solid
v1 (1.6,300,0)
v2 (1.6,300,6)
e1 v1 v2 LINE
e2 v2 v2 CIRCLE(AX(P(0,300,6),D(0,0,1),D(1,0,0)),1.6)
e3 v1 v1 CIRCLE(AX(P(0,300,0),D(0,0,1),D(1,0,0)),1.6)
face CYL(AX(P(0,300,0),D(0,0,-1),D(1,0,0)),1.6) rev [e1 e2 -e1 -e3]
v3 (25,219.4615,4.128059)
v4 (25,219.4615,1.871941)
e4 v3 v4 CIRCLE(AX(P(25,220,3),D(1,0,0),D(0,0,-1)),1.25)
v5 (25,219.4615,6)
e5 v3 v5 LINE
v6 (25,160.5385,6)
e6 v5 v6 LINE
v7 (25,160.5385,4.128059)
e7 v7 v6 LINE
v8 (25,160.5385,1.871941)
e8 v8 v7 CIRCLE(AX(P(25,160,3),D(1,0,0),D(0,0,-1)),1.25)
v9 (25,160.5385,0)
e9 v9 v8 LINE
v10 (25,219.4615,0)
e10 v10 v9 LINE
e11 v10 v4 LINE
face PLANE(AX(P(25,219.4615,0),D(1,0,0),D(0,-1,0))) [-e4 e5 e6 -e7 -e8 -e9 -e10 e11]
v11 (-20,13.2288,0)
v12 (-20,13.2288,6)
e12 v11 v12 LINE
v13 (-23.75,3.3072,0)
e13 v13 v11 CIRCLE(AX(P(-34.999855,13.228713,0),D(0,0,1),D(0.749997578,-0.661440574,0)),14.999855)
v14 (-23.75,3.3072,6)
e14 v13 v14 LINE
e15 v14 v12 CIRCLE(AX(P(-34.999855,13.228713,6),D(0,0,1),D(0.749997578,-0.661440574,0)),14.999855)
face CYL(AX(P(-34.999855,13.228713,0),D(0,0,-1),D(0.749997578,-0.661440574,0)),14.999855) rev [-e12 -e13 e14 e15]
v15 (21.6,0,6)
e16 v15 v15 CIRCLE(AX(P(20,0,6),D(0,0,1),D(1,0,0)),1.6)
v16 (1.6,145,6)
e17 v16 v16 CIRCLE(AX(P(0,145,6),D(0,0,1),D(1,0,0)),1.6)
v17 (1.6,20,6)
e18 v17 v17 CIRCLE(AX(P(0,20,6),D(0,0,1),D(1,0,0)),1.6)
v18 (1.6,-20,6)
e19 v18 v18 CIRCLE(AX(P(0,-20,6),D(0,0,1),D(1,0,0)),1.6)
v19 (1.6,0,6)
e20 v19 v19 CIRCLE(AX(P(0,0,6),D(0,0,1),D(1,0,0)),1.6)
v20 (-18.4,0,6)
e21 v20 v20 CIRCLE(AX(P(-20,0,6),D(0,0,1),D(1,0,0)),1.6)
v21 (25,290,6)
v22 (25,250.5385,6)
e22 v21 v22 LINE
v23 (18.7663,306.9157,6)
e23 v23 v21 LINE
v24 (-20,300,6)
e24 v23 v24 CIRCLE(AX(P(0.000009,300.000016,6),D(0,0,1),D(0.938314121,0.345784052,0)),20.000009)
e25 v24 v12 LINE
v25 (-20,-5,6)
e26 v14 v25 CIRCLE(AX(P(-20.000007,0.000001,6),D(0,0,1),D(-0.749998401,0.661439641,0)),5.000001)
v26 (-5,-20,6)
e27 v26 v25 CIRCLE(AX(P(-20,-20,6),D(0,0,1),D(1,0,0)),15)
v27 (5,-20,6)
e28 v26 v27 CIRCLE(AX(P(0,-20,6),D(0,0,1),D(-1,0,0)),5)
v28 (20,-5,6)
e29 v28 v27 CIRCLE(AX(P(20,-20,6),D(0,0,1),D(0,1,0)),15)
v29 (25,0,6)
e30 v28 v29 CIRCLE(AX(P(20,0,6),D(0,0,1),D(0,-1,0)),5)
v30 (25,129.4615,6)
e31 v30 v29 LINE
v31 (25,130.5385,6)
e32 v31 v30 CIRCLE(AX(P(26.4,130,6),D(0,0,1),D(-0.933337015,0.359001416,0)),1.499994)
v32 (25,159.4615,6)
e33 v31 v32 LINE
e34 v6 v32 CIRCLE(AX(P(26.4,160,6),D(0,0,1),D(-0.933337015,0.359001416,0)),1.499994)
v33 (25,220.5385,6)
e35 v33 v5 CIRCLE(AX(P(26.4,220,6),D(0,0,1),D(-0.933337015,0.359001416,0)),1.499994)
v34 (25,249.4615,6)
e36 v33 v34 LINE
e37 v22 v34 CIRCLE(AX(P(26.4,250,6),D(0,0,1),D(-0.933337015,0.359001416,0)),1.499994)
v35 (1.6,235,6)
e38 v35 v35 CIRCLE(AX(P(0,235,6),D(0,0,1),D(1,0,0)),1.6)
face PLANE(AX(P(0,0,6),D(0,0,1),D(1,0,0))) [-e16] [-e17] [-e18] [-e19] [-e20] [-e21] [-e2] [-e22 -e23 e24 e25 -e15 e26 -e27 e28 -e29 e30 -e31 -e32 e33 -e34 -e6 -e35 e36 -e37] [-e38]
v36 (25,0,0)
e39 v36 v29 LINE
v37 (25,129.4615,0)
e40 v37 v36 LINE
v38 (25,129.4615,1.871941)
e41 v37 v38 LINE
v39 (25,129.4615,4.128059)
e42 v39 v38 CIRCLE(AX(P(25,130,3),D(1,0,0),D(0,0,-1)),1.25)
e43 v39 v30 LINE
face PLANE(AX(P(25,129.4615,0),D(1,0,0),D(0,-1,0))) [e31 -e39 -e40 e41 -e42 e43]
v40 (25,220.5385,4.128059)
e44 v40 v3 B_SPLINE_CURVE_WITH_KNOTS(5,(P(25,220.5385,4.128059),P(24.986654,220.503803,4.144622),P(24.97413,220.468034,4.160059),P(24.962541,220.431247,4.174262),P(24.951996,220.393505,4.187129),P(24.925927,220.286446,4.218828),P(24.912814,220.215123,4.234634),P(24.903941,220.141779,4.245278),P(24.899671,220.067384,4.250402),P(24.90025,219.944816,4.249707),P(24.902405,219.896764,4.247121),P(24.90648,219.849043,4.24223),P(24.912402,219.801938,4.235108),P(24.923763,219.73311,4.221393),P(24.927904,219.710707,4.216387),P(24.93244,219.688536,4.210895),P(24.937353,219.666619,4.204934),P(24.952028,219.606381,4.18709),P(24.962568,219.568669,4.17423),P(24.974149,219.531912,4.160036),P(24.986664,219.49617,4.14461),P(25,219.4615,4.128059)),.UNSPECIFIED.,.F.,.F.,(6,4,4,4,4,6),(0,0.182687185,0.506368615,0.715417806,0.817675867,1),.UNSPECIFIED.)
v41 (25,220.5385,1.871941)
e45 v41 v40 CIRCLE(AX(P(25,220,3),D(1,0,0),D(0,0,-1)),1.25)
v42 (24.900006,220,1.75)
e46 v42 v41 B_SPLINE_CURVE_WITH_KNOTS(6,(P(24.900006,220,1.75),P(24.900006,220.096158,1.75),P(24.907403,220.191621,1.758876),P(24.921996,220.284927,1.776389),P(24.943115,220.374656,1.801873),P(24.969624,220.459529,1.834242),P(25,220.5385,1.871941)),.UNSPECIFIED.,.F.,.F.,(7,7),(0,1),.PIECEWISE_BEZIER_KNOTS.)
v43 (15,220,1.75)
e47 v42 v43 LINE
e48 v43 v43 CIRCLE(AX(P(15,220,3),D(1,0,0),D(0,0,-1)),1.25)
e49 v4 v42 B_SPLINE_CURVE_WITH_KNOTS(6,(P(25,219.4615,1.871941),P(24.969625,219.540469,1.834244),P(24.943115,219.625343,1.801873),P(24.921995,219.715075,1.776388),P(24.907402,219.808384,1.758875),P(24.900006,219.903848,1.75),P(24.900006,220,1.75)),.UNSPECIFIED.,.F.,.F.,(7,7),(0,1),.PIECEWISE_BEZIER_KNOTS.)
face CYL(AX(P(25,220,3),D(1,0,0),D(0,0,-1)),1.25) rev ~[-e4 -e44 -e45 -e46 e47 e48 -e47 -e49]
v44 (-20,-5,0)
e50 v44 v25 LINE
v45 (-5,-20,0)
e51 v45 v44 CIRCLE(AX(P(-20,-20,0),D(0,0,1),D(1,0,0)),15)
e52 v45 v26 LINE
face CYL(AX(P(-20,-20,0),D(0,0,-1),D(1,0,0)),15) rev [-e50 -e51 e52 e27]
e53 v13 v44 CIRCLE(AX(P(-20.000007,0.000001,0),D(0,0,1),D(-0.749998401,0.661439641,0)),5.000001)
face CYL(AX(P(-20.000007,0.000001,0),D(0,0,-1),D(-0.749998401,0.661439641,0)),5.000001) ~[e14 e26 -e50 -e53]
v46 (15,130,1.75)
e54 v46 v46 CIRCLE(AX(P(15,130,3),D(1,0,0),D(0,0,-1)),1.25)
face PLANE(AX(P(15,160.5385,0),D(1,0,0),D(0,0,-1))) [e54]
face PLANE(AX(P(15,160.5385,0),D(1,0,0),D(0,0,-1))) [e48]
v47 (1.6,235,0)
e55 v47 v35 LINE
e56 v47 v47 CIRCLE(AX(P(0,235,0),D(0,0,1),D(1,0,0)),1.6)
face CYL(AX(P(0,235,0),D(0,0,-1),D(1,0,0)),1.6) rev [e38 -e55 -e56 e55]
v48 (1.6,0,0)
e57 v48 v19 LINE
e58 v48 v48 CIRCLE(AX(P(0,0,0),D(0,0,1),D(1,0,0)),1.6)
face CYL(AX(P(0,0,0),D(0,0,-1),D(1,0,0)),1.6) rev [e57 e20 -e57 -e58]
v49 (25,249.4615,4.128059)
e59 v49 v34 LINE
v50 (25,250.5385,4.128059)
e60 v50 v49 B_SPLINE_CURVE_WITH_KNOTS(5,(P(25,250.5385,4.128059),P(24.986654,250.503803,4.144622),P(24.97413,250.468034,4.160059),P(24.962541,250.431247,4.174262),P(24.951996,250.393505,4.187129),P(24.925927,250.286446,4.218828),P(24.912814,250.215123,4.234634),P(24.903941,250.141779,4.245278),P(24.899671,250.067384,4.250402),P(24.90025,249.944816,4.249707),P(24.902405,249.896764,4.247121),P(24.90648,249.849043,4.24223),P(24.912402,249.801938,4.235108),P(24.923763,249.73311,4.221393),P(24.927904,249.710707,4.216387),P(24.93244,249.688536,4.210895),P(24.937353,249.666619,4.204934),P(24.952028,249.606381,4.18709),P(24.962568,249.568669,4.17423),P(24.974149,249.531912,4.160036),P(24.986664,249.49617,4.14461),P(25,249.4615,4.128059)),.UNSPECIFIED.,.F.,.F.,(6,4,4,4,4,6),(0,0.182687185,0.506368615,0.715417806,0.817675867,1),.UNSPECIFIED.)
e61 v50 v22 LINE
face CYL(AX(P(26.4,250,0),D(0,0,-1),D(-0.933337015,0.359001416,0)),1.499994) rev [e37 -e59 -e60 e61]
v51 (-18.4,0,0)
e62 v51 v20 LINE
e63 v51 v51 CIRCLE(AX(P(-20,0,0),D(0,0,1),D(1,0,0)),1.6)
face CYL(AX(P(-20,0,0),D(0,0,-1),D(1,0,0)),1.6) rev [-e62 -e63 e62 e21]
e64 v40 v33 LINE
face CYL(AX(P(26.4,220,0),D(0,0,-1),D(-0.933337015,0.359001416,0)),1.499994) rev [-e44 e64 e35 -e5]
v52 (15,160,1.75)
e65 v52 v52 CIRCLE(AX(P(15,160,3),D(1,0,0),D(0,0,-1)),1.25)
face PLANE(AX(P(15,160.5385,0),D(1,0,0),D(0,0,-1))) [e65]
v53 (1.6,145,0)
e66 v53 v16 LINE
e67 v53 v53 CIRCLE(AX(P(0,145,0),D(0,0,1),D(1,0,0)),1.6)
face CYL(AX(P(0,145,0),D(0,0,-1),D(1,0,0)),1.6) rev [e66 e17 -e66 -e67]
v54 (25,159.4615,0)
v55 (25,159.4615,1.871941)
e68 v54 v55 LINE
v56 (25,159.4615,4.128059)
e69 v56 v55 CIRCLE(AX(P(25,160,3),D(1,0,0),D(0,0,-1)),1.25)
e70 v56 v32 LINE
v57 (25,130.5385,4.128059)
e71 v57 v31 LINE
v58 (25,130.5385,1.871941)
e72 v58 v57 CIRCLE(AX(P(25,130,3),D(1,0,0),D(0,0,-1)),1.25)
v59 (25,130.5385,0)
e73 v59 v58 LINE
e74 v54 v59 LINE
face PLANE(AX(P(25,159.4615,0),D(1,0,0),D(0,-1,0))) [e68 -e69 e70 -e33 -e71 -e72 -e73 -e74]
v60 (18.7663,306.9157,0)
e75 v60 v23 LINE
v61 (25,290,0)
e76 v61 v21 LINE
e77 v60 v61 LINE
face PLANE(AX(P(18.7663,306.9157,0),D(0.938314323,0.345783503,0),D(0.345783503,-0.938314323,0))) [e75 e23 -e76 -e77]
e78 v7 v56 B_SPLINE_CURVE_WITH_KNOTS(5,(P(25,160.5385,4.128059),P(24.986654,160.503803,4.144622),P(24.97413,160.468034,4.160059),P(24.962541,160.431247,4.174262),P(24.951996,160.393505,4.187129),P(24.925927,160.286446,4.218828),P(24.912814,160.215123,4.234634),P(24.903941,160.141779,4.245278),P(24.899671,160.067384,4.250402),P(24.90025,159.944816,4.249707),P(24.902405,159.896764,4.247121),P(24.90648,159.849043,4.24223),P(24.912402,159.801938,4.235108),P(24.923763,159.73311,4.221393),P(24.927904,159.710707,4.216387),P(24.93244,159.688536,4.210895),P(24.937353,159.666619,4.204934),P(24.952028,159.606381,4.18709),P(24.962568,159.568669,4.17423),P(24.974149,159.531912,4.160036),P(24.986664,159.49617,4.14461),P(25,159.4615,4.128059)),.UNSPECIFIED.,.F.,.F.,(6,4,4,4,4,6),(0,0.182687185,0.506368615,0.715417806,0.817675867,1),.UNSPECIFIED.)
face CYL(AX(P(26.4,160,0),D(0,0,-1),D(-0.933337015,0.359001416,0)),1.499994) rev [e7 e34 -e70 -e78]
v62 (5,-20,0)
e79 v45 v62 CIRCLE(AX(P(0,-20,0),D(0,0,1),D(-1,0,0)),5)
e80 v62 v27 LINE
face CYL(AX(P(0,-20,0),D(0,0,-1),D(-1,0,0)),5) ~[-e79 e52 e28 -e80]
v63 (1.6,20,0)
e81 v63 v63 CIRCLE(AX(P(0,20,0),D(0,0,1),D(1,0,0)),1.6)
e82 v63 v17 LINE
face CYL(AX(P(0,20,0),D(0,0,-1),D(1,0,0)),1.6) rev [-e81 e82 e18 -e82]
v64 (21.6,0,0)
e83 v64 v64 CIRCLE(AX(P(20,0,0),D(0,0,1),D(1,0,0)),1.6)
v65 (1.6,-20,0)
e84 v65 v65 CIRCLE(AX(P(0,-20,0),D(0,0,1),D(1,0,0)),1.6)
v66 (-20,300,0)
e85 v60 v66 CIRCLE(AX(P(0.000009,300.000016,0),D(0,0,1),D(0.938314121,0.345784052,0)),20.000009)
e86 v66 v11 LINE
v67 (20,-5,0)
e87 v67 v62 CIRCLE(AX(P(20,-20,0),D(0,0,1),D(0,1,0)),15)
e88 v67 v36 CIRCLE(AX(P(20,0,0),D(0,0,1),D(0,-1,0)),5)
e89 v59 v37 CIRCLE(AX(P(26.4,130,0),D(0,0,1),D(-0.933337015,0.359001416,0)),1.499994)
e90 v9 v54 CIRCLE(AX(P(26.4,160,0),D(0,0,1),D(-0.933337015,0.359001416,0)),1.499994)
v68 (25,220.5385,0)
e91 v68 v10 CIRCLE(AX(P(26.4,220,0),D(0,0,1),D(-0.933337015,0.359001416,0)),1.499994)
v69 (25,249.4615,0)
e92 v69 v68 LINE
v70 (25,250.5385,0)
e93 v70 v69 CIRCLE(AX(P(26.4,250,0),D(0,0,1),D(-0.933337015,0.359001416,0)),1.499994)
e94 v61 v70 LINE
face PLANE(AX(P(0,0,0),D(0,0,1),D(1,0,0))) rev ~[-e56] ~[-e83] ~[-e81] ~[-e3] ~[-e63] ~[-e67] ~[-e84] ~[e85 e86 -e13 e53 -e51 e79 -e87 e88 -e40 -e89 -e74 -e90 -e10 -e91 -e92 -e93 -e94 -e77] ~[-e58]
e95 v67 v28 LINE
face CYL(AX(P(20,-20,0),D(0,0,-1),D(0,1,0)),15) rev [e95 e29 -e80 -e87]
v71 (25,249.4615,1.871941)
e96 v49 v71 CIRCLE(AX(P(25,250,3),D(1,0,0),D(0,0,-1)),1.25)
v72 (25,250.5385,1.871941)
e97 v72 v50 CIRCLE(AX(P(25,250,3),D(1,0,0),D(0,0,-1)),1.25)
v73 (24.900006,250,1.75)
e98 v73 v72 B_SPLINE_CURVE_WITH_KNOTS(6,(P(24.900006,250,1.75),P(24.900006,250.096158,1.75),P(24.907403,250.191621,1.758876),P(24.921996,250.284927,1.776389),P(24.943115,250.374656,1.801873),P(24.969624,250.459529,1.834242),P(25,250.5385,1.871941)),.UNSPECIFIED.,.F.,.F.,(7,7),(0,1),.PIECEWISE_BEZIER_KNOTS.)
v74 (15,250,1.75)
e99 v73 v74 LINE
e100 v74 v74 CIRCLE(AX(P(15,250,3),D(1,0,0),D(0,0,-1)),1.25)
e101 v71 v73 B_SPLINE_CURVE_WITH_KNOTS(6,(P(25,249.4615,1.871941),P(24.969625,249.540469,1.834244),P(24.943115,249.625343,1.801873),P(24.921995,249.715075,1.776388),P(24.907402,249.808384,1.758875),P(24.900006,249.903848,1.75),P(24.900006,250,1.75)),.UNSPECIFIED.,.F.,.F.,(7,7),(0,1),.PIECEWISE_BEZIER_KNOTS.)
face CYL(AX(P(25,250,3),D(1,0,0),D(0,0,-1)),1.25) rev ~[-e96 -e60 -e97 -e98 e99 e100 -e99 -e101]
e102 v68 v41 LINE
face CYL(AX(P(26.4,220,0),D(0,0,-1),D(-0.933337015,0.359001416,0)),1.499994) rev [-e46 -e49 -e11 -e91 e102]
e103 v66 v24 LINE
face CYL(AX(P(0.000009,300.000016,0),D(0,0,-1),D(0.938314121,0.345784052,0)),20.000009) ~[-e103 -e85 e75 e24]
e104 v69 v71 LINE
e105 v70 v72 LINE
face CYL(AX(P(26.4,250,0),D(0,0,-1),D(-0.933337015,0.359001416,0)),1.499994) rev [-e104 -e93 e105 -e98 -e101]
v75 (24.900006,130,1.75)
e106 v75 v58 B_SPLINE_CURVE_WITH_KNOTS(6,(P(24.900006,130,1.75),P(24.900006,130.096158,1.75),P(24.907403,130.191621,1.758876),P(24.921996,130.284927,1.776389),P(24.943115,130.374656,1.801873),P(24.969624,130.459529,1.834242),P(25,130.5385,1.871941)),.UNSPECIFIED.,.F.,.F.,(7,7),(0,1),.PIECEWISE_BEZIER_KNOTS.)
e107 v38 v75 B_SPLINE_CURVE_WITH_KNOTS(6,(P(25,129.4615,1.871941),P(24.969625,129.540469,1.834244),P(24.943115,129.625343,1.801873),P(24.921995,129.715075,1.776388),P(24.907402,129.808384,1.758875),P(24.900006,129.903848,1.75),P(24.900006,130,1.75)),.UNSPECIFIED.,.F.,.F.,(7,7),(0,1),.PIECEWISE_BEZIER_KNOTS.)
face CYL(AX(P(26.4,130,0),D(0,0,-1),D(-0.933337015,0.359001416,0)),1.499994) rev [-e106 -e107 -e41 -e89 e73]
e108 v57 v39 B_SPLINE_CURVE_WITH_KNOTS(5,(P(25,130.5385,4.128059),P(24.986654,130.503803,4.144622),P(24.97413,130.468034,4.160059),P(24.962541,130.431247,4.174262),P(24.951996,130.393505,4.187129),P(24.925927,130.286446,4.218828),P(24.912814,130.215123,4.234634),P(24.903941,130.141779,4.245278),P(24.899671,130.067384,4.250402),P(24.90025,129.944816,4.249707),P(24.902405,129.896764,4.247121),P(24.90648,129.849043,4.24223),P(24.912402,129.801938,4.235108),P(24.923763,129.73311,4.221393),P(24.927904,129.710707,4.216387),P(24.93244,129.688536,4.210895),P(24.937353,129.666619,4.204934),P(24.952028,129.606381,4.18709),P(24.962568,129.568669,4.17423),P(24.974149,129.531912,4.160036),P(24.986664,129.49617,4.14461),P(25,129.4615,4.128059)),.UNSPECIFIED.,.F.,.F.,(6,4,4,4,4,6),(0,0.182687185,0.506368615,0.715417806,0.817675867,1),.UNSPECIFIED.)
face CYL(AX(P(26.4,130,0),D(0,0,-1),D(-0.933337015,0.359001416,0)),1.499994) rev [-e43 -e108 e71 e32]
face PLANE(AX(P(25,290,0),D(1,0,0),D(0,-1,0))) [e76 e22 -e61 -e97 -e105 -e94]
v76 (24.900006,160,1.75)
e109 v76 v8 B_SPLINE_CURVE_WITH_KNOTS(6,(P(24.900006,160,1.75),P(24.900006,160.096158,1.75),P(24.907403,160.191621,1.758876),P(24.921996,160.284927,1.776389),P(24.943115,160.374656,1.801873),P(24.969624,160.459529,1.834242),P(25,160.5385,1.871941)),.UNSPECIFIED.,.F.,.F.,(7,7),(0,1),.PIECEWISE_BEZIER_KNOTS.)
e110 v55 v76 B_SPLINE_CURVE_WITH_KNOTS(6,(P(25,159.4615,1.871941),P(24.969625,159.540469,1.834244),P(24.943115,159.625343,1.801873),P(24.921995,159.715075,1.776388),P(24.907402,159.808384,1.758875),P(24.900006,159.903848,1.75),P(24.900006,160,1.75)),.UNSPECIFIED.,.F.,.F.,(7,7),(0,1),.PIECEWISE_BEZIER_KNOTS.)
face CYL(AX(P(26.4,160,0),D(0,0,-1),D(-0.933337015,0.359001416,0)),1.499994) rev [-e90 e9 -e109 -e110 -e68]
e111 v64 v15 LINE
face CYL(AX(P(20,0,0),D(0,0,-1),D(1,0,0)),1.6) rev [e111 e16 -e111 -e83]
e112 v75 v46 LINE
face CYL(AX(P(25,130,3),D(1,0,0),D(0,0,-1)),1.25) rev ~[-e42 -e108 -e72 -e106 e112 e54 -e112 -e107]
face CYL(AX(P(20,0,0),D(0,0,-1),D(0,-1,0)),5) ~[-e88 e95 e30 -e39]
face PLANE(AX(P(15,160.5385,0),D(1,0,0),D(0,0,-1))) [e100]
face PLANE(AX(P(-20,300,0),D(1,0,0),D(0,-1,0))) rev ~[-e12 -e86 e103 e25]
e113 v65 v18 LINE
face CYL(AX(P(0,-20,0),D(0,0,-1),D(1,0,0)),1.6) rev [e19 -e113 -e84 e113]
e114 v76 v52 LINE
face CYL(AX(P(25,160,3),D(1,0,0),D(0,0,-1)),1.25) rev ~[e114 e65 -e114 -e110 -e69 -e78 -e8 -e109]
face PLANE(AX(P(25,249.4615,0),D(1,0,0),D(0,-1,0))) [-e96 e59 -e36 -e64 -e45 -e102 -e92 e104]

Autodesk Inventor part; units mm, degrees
ref_plane "YZ Plane" through (0, 0, 0) normal (1, 0, 0) x (0, 1, 0)
ref_plane "XZ Plane" through (0, 0, 0) normal (0, 1, 0) x (-1, 0, 0)
ref_plane "XY Plane" through (0, 0, 0) normal (0, 0, 1) x (1, 0, 0)
sketch "スケッチ1" plane through (0, 0, 0) normal (0, 0, 1) x (1, 0, 0)
  circle A0 centre (0, 0) radius 1.6
  circle A1 centre (0, 0) radius 20 construction
  circle A2 centre (0, 20) radius 1.6
  circle A3 centre (-20, 0) radius 1.6
  circle A4 centre (0, -20) radius 1.6
  circle A5 centre (20, 0) radius 1.6
  circle A6 centre (0, 300) radius 1.6
  arc A7 (18.7663, 306.9157) -> (-20, 300) centre (0, 300) ccw
  line L0 (-20, 300) -> (-20, 13.2288)
  arc A8 (-23.75, 3.3072) -> (-20, -5) centre (-20, 0) ccw
  arc A9 (-5, -20) -> (5, -20) centre (0, -20) ccw
  arc A10 (20, -5) -> (25, 0) centre (20, 0) ccw
  arc A11 (-23.75, 3.3072) -> (-20, 13.2288) centre (-35, 13.2288) ccw
  arc A12 (-5, -20) -> (-20, -5) centre (-20, -20) ccw
  arc A13 (20, -5) -> (5, -20) centre (20, -20) ccw
  line L1 (18.7663, 306.9157) -> (25, 290)
  line L2 (25, 290) -> (25, 250.5385)
  line L3 (25, 227) -> (25, 220.5385)
  line L4 (25, 137) -> (25, 130.5385)
  circle A14 centre (0, 235) radius 1.6
  circle A15 centre (0, 145) radius 1.6
  arc A16 (25, 250.5385) -> (25, 249.4615) centre (26.4, 250) ccw
  arc A17 (25, 220.5385) -> (25, 219.4615) centre (26.4, 220) ccw
  arc A18 (25, 160.5385) -> (25, 159.4615) centre (26.4, 160) ccw
  arc A19 (25, 130.5385) -> (25, 129.4615) centre (26.4, 130) ccw
  arc A20 (25, 249.4615) -> (25, 250.5385) centre (26.4, 250) ccw construction
  line L5 (25, 249.4615) -> (25, 220.5385)
  line L6 (25, 250.5385) -> (25, 249.4615) construction
  arc A21 (25, 219.4615) -> (25, 220.5385) centre (26.4, 220) ccw construction
  line L7 (25, 220.5385) -> (25, 219.4615) construction
  line L8 (25, 219.4615) -> (25, 160.5385)
  line L9 (25, 159.4615) -> (25, 130.5385)
  line L10 (25, 160.5385) -> (25, 159.4615) construction
  arc A22 (25, 159.4615) -> (25, 160.5385) centre (26.4, 160) ccw construction
  arc A23 (25, 129.4615) -> (25, 130.5385) centre (26.4, 130) ccw construction
  line L11 (25, 129.4615) -> (25, 0)
  line L12 (25, 130.5385) -> (25, 129.4615) construction
  circle A24 centre (0, 300) radius 25 construction
  circle A25 centre (0, 0) radius 13 construction
  line L13 (-24.98, 299) -> (-12.9896, -0.52) construction
  line L14 (12.9896, -0.52) -> (24.98, 299) construction
  dimension "d0" = 3.2
  dimension "d1" = 40
  dimension "d2" = 3.2
  dimension "d3" = 3.2
  dimension "d4" = 3.2
  dimension "d5" = 3.2
  dimension "d6" = 3.2
  dimension "d7" = 300
  dimension "d8" = 20
  dimension "d9" = 5
  dimension "d10" = 5
  dimension "d11" = 5
  dimension "d12" = 15
  dimension "d14" = 15
  dimension "d15" = 15
  dimension "d26" = 10
  dimension "d29" = 3.2
  dimension "d30" = 3.2
  dimension "d31" = 90
  dimension "d34" = 3
  dimension "d35" = 3
  dimension "d36" = 3
  dimension "d37" = 3
  dimension "d40" = 1.4
  dimension "d41" = 1.4
  dimension "d42" = 1.4
  dimension "d45" = 1.4
  dimension "d57" = 30
  dimension "d58" = 50
  dimension "d59" = 60
  dimension "d60" = 30
  dimension "d61" = 15
  dimension "d62" = 50
  dimension "d63" = 26
extrude "押し出し2" add sketch "スケッチ1" along normal blind 6
sketch "スケッチ2" plane through (25, 160.5385, 0) normal (1, 0, 0) x (0, 0, -1)
  circle A0 centre (-3, -0.5385) radius 1.25
  circle A1 centre (-3, -30.5385) radius 1.25
  circle A2 centre (-3, 59.4615) radius 1.25
  circle A3 centre (-3, 89.4615) radius 1.25
  line L0 (0, 60) -> (0, 88.923) projected
  line L1 (0, 79.4615) -> (-6, 79.4615) projected
  line L2 (0, 69.4615) -> (-6, 69.4615) projected
  line L3 (0, -10.5385) -> (-6, -10.5385) projected
  line L4 (0, -20.5385) -> (-6, -20.5385) projected
  point P0 (0, -160.5385)
  dimension "d46" = 2.5
  dimension "d47" = 2.5
  dimension "d48" = 2.5
  dimension "d49" = 2.5
  dimension "d50" = 3
  dimension "d51" = 10
  dimension "d52" = 10
  dimension "d53" = 10
  dimension "d54" = 10
extrude "押し出し3" cut sketch "スケッチ2" against normal blind 10
properties part number "関節2_側板" material "ポリカーボネート、スモーク"
